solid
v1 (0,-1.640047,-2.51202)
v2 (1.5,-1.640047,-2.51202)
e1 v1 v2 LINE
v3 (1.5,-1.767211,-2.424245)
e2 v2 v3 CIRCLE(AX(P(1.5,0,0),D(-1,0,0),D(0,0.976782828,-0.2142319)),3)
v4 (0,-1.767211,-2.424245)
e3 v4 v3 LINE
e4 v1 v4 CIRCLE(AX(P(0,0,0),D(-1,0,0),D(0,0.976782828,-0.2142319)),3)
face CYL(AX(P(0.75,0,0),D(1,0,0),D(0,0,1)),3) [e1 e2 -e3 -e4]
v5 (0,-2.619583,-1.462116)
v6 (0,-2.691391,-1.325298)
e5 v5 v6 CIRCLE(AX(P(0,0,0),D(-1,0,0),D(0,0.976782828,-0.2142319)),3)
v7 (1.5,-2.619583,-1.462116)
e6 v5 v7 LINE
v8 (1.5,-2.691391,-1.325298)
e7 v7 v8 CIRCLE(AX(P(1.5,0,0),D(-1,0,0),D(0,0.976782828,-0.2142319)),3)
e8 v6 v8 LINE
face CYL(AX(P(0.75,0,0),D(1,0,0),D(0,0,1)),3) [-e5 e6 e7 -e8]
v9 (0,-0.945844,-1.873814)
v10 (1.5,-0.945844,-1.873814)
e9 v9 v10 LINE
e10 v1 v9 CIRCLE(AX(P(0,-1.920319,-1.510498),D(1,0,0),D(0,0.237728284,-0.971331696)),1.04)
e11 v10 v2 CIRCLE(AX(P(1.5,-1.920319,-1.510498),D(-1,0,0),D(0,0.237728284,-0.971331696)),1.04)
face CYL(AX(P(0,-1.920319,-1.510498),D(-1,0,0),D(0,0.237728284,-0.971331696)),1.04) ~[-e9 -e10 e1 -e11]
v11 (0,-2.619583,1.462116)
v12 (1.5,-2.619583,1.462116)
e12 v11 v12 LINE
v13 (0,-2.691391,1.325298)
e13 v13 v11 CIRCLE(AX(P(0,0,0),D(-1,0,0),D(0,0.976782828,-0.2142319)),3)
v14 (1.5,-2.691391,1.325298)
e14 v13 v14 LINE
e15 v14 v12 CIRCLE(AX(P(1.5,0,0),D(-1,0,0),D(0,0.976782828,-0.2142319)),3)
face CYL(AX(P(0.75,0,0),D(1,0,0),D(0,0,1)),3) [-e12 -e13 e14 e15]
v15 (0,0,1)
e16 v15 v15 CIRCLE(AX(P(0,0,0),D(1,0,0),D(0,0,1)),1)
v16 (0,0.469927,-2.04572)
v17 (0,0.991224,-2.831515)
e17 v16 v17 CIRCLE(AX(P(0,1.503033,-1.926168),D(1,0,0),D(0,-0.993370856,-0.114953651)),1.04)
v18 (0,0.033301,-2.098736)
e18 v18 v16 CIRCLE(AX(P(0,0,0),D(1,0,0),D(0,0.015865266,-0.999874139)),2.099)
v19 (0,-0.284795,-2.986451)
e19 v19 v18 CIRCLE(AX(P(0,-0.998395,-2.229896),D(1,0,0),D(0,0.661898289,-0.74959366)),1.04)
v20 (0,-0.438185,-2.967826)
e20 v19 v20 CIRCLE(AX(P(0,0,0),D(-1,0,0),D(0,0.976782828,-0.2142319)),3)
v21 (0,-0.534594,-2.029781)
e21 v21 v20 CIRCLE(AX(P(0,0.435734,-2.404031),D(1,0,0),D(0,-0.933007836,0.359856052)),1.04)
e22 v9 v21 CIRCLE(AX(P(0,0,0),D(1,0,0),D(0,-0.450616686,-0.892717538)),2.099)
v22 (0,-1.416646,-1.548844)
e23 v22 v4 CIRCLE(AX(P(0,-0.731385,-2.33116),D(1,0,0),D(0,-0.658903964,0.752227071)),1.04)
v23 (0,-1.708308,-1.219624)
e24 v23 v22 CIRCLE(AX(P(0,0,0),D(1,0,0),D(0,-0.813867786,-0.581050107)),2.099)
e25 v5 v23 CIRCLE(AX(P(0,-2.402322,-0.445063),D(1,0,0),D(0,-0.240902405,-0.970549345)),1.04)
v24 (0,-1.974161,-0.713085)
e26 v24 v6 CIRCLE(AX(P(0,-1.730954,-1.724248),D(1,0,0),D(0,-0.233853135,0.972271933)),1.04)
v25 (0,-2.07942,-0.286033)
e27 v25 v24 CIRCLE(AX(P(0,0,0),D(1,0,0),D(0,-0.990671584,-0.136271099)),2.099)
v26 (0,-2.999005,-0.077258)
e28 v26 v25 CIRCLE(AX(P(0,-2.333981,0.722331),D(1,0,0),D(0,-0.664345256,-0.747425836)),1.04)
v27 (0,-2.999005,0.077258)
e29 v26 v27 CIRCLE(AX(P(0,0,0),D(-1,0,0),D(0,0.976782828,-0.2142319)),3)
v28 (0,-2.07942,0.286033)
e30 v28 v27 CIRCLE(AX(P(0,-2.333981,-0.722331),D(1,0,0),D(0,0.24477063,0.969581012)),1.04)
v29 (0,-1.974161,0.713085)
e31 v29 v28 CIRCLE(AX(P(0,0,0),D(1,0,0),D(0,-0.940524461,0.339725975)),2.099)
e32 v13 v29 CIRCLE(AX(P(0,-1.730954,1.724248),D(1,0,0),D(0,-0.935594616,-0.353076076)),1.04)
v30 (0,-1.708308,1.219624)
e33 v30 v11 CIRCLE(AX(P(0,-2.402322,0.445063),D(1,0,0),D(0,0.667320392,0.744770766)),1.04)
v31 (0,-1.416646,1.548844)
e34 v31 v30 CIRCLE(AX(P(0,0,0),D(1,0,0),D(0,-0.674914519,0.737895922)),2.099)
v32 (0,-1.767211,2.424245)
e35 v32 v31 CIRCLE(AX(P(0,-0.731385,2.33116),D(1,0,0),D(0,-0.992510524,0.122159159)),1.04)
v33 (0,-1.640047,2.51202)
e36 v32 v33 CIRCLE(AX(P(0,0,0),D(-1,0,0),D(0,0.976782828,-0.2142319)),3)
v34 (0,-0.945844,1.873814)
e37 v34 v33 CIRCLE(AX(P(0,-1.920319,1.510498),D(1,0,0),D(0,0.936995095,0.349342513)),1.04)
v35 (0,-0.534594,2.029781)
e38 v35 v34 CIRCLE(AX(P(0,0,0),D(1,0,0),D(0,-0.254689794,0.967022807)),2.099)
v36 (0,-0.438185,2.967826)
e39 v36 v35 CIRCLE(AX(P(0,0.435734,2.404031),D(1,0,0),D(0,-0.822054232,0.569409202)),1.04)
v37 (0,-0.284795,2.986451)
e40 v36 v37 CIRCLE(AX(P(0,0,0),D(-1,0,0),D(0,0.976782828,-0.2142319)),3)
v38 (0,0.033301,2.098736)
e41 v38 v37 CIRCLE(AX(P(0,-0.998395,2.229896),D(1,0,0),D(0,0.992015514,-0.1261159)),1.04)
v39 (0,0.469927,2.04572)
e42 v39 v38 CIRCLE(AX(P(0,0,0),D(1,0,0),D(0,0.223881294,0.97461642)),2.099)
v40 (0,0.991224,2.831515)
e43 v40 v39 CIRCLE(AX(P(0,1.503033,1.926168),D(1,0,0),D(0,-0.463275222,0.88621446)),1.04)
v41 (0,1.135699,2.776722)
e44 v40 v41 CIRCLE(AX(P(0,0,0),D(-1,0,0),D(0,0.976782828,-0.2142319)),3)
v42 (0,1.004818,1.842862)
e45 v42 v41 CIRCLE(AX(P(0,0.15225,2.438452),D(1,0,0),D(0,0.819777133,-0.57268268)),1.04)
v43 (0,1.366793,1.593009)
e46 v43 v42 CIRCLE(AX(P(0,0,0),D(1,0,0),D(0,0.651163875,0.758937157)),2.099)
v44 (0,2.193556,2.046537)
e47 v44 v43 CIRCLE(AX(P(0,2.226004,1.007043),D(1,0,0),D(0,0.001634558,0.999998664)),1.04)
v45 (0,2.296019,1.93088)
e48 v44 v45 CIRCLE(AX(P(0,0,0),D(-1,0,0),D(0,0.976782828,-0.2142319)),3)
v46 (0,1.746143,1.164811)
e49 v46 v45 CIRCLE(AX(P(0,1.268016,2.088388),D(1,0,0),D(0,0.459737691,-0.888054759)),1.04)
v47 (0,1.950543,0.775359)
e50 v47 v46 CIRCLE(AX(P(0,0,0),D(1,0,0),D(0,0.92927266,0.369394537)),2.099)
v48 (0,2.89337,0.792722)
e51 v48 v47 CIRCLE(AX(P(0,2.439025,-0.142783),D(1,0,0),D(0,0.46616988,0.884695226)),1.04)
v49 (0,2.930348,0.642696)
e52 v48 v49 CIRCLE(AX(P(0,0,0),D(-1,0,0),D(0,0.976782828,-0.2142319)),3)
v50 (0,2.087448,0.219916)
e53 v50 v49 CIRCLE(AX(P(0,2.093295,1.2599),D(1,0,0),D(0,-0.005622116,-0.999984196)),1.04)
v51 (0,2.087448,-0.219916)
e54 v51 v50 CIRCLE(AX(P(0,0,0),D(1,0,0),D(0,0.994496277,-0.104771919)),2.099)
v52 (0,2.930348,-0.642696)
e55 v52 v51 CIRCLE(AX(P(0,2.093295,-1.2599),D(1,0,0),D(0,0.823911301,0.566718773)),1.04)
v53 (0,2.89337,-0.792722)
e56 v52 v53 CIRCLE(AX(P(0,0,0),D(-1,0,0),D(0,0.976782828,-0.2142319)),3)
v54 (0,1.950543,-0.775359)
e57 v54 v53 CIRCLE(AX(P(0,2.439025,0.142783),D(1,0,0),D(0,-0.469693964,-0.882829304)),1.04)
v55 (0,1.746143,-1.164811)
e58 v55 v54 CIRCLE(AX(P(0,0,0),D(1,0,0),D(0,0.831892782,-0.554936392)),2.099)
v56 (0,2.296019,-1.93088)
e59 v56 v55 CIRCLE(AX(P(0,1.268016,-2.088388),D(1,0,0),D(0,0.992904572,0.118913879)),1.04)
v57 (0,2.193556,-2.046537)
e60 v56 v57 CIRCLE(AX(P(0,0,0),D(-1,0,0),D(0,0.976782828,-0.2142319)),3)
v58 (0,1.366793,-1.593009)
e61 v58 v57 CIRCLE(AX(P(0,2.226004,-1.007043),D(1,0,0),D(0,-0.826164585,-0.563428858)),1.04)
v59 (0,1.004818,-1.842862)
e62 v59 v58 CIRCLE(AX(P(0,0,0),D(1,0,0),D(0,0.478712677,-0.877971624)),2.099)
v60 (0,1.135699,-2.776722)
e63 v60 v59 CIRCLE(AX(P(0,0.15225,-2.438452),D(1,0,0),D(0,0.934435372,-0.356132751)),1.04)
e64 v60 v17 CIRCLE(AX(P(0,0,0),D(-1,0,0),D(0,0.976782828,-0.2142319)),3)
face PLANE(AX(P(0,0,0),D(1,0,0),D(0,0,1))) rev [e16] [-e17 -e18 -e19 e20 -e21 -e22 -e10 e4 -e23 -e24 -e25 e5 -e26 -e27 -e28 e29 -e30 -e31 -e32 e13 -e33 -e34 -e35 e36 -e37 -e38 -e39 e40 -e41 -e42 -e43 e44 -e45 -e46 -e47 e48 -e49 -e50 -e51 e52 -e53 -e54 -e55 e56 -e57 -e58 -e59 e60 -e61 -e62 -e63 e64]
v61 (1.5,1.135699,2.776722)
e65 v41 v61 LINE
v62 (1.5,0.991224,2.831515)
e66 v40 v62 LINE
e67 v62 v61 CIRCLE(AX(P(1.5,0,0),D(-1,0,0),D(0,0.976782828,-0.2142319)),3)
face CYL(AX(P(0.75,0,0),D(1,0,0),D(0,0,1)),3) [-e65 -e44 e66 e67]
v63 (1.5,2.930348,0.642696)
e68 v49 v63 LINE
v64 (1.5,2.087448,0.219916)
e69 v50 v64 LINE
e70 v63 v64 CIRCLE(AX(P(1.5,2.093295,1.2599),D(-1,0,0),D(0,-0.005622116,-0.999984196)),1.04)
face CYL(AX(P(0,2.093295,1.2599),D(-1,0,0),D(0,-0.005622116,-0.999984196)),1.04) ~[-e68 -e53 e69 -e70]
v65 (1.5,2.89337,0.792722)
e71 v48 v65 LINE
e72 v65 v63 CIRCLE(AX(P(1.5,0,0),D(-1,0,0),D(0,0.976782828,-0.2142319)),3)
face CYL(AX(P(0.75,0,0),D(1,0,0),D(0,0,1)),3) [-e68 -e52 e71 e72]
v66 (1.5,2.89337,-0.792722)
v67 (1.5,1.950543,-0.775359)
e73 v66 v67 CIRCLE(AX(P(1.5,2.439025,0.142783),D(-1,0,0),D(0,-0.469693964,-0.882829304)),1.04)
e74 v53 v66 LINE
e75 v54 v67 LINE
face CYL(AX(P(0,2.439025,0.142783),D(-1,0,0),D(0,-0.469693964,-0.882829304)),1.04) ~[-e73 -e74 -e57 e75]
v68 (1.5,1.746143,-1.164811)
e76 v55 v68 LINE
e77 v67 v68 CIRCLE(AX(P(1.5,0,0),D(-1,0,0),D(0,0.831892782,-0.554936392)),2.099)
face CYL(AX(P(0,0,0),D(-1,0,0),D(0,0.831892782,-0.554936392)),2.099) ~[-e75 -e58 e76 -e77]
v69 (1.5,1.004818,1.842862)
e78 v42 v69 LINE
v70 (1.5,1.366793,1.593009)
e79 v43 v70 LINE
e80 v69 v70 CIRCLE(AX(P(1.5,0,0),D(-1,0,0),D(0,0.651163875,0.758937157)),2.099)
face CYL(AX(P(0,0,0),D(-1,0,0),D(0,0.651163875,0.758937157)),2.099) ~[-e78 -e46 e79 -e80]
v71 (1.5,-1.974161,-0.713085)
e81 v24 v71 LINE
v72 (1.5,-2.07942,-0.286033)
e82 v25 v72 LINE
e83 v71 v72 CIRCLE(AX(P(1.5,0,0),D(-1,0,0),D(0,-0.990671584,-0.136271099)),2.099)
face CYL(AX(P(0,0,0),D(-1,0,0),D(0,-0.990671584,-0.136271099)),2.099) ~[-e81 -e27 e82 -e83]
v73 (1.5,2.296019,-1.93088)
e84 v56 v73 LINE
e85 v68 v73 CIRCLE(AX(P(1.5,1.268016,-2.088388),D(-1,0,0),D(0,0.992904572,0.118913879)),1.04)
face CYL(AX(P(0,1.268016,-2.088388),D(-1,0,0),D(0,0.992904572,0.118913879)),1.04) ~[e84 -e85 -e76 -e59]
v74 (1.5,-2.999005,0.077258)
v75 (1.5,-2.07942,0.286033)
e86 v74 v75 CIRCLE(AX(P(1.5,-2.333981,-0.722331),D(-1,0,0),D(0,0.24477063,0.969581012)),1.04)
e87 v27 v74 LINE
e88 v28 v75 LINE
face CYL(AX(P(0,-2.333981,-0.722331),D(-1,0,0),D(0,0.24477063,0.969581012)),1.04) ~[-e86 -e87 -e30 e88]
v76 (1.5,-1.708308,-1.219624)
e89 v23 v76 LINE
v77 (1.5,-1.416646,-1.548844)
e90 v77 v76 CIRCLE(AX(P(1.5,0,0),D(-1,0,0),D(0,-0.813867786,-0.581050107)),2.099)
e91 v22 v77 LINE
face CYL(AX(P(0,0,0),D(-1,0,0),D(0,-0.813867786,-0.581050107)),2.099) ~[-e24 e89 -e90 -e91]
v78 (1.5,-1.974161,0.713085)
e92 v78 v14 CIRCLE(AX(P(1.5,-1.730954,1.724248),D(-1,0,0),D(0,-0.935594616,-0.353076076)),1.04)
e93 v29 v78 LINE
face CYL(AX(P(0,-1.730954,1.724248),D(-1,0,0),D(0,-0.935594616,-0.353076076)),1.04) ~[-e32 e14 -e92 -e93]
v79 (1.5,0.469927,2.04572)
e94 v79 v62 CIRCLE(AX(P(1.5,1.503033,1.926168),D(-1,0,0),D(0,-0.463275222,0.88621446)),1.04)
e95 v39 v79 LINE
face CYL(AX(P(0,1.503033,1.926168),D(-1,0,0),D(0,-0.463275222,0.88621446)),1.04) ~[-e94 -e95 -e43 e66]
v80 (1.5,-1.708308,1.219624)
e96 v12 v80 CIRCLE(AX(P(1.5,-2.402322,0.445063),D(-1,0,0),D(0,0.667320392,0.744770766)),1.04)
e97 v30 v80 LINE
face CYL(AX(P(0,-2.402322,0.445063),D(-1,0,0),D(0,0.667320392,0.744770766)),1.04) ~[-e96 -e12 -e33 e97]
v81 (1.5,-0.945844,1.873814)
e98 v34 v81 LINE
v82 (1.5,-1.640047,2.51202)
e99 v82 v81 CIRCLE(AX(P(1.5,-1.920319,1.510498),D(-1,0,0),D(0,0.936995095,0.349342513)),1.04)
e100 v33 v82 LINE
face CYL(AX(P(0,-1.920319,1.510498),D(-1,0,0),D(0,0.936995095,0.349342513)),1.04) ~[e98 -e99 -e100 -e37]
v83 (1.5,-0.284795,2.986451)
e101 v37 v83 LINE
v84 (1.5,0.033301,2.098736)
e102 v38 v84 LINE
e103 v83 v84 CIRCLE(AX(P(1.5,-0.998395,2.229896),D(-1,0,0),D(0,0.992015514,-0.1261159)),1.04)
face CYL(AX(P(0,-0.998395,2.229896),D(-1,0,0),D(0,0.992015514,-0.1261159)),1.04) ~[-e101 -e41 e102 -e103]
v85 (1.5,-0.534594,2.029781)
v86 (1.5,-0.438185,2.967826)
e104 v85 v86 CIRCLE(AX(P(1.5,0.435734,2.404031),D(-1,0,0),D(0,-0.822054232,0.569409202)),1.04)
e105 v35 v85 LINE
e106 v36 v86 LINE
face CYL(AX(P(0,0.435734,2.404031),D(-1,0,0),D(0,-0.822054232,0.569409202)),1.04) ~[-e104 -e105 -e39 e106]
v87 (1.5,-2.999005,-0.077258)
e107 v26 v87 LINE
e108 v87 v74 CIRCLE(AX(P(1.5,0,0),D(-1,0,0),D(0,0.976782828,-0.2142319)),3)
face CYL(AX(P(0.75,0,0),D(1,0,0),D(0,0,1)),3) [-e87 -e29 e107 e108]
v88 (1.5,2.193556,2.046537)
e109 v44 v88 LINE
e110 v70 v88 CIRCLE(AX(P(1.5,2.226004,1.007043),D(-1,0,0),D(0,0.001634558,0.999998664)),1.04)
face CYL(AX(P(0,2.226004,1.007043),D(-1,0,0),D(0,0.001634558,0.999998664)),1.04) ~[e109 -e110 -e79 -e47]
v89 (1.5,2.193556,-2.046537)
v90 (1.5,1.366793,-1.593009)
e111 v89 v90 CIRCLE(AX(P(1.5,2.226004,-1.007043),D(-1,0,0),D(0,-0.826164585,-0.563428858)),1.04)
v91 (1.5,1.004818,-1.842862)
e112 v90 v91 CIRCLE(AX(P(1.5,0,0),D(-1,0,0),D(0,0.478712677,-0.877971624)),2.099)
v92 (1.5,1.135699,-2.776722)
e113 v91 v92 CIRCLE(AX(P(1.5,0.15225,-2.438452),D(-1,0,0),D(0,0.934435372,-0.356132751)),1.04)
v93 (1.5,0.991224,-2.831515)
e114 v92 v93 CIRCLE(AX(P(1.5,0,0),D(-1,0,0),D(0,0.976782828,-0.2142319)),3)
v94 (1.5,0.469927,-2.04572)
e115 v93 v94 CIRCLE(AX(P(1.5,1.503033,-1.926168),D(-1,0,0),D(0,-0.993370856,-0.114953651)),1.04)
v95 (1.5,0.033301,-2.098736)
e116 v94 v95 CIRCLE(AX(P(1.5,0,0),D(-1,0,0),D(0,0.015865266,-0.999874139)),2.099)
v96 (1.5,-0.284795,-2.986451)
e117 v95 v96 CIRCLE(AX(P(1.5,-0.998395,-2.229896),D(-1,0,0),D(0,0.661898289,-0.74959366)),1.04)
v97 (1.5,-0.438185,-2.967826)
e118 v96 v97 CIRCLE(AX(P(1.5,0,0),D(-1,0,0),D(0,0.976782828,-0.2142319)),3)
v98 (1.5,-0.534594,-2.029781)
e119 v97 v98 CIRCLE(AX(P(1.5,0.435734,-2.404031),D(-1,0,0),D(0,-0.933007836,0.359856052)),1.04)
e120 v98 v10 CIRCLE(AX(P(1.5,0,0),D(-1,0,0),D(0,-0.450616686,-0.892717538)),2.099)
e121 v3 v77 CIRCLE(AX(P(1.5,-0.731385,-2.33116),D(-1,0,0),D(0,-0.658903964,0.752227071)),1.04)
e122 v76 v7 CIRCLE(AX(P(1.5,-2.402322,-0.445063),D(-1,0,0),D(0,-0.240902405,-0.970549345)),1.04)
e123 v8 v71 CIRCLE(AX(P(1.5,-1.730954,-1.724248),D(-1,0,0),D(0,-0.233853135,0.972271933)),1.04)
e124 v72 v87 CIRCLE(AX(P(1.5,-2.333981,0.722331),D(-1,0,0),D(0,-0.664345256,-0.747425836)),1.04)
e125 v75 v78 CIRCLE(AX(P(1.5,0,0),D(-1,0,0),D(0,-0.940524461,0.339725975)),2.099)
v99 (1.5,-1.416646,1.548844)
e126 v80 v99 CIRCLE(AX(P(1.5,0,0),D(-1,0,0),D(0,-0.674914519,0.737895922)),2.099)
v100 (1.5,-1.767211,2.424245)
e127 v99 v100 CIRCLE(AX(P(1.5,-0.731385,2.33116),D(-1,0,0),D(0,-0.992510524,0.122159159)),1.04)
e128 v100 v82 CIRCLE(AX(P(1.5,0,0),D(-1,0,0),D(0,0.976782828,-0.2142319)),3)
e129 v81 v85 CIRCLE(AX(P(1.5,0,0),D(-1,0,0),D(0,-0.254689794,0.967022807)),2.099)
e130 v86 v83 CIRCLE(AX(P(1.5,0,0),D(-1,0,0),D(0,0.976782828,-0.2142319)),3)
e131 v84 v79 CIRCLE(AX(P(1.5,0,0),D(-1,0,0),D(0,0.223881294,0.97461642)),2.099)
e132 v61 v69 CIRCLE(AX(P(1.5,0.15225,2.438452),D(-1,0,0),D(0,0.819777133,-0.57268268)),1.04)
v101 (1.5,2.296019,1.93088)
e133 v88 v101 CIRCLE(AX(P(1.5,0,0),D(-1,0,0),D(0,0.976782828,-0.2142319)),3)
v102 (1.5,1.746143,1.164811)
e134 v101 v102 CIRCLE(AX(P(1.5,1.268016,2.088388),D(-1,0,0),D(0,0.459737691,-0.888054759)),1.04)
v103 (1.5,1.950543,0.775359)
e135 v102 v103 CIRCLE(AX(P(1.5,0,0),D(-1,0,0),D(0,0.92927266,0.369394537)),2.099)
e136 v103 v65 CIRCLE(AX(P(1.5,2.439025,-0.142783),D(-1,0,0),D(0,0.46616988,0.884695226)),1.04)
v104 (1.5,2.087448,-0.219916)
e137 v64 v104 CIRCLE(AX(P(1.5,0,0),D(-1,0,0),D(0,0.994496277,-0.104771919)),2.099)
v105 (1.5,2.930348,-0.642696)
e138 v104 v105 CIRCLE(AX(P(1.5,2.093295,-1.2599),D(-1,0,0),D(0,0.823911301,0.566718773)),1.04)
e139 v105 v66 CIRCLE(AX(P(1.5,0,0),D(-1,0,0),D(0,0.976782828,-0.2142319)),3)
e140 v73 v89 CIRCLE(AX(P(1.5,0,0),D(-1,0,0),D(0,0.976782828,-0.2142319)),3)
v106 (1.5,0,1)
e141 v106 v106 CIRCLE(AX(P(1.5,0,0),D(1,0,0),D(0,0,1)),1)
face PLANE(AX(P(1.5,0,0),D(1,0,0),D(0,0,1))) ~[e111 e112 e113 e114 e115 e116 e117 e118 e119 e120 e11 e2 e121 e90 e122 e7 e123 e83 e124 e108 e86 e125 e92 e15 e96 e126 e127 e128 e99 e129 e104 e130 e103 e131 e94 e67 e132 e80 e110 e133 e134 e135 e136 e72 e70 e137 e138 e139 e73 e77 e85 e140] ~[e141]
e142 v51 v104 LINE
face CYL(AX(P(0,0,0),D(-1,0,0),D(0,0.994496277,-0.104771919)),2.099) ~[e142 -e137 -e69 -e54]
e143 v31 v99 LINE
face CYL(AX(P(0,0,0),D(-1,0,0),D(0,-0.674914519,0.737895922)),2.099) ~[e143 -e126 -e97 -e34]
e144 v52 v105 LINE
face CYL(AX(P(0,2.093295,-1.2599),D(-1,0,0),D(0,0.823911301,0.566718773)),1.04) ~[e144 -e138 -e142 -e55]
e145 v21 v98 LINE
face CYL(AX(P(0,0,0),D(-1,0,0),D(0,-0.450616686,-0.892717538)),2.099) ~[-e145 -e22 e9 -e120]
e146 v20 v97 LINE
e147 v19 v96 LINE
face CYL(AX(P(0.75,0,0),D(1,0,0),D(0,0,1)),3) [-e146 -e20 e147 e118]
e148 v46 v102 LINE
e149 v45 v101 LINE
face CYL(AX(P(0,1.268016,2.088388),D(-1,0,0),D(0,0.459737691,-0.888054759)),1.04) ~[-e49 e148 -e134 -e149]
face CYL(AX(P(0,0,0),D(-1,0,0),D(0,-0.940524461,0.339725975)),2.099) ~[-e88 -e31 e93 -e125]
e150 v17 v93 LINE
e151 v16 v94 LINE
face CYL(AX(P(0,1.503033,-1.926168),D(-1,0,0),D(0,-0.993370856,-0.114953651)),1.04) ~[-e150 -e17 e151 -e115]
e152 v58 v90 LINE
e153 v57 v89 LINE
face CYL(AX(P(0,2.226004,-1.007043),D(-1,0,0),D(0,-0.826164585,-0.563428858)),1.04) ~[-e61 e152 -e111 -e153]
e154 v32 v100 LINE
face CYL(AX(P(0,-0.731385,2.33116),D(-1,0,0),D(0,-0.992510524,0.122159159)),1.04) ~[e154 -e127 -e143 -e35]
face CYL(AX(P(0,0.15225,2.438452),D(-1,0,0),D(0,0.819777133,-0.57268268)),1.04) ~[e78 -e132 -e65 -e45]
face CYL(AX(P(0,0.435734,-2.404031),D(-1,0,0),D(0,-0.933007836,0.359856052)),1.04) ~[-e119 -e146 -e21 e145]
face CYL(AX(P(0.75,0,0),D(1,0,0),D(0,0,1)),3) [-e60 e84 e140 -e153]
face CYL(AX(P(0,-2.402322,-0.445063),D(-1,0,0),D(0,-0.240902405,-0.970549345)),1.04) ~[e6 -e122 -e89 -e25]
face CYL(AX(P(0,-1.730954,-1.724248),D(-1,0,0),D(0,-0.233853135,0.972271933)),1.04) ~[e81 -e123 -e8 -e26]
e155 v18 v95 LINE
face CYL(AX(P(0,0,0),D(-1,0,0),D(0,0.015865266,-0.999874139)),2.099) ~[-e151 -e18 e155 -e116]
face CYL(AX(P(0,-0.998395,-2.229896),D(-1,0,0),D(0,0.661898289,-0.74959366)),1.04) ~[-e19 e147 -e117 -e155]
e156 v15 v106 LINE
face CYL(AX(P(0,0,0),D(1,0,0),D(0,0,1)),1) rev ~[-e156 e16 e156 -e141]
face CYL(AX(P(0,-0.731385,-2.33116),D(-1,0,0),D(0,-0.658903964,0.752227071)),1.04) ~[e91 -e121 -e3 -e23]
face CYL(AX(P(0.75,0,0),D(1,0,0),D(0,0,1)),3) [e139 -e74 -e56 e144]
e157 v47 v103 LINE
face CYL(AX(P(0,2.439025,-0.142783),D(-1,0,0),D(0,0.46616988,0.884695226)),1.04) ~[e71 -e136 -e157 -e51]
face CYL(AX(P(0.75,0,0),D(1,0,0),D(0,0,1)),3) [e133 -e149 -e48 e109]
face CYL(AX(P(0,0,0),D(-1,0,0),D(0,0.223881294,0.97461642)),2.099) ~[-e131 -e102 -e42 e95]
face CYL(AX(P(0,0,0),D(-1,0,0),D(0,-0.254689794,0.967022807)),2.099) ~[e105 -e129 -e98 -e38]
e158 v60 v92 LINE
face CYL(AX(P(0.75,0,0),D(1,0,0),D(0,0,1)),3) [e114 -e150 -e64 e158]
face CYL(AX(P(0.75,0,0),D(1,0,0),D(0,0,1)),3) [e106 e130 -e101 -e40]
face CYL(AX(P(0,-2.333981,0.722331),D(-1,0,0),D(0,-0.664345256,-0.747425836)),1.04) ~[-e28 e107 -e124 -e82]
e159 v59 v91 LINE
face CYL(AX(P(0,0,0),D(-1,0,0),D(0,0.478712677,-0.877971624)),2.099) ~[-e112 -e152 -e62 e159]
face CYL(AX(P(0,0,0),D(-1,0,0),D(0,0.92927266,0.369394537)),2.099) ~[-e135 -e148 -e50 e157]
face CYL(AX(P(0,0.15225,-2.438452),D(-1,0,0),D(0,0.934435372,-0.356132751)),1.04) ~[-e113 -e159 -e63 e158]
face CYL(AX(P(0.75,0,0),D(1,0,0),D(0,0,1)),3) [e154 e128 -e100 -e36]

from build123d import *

# Parameters (mm, degrees)
BASPROSKE_W     = 1.5
BASPROSKE_H     = 3
TOOTHCUT_DEPTH  = 5.5
TEETHCUTS_COUNT = 13
TEETHCUTS_ANGLE = 332.307692308
BORSKE_R        = 1
BORE_DEPTH      = 50.0000508


with BuildPart() as part:
    # BasProSke → Base-Revolve (revolve)
    with BuildSketch(Plane(origin=(0, 0, 0), x_dir=(1, 0, 0), z_dir=(0, 1, 0)), mode=Mode.PRIVATE) as base_revolve_sk:
        with Locations((0.75, 1.5)):
            Rectangle(BASPROSKE_W, BASPROSKE_H)
    revolve(base_revolve_sk.sketch.rotate(Axis((-10, 0, 0), (1, 0, 0)), 180), axis=Axis((-10, 0, 0), (1, 0, 0)))

    # TooCutSke → ToothCut (cut, through all)
    with BuildSketch(Plane(origin=(0, 0, 0), x_dir=(0, 0, -1), z_dir=(1, 0, 0))):
        with BuildLine():
            ThreePointArc((0.219916266, 2.087447685), (0, 2.099), (-0.219916266, 2.087447685))
            ThreePointArc((-0.219916266, 2.087447685), (-0.338063769, 2.574769791), (-0.670512305, 2.950162438))
            ThreePointArc((-0.670512305, 2.950162438), (0, 3.0254), (0.670512305, 2.950162438))
            ThreePointArc((0.670512305, 2.950162438), (0.338063769, 2.574769791), (0.219916266, 2.087447685))
        make_face()
    toothcut = extrude(amount=TOOTHCUT_DEPTH, mode=Mode.SUBTRACT)

    # TeethCuts: ToothCut ×13 about axis
    teethcuts_axis = Axis((-10, 0, 0), (1, 0, 0))
    for i in range(1, TEETHCUTS_COUNT):
        add(toothcut.rotate(teethcuts_axis, i * TEETHCUTS_ANGLE / (TEETHCUTS_COUNT - 1)), mode=Mode.SUBTRACT)

    # BorSke → Bore (cut, symmetric)
    with BuildSketch(Plane(origin=(0, 0, 0), x_dir=(0, 0, -1), z_dir=(1, 0, 0))):
        with Locations(Location((0, 0, 0), (0, 0, 180))):
            Circle(BORSKE_R)
    extrude(amount=BORE_DEPTH, both=True, mode=Mode.SUBTRACT)


solid = part.part
